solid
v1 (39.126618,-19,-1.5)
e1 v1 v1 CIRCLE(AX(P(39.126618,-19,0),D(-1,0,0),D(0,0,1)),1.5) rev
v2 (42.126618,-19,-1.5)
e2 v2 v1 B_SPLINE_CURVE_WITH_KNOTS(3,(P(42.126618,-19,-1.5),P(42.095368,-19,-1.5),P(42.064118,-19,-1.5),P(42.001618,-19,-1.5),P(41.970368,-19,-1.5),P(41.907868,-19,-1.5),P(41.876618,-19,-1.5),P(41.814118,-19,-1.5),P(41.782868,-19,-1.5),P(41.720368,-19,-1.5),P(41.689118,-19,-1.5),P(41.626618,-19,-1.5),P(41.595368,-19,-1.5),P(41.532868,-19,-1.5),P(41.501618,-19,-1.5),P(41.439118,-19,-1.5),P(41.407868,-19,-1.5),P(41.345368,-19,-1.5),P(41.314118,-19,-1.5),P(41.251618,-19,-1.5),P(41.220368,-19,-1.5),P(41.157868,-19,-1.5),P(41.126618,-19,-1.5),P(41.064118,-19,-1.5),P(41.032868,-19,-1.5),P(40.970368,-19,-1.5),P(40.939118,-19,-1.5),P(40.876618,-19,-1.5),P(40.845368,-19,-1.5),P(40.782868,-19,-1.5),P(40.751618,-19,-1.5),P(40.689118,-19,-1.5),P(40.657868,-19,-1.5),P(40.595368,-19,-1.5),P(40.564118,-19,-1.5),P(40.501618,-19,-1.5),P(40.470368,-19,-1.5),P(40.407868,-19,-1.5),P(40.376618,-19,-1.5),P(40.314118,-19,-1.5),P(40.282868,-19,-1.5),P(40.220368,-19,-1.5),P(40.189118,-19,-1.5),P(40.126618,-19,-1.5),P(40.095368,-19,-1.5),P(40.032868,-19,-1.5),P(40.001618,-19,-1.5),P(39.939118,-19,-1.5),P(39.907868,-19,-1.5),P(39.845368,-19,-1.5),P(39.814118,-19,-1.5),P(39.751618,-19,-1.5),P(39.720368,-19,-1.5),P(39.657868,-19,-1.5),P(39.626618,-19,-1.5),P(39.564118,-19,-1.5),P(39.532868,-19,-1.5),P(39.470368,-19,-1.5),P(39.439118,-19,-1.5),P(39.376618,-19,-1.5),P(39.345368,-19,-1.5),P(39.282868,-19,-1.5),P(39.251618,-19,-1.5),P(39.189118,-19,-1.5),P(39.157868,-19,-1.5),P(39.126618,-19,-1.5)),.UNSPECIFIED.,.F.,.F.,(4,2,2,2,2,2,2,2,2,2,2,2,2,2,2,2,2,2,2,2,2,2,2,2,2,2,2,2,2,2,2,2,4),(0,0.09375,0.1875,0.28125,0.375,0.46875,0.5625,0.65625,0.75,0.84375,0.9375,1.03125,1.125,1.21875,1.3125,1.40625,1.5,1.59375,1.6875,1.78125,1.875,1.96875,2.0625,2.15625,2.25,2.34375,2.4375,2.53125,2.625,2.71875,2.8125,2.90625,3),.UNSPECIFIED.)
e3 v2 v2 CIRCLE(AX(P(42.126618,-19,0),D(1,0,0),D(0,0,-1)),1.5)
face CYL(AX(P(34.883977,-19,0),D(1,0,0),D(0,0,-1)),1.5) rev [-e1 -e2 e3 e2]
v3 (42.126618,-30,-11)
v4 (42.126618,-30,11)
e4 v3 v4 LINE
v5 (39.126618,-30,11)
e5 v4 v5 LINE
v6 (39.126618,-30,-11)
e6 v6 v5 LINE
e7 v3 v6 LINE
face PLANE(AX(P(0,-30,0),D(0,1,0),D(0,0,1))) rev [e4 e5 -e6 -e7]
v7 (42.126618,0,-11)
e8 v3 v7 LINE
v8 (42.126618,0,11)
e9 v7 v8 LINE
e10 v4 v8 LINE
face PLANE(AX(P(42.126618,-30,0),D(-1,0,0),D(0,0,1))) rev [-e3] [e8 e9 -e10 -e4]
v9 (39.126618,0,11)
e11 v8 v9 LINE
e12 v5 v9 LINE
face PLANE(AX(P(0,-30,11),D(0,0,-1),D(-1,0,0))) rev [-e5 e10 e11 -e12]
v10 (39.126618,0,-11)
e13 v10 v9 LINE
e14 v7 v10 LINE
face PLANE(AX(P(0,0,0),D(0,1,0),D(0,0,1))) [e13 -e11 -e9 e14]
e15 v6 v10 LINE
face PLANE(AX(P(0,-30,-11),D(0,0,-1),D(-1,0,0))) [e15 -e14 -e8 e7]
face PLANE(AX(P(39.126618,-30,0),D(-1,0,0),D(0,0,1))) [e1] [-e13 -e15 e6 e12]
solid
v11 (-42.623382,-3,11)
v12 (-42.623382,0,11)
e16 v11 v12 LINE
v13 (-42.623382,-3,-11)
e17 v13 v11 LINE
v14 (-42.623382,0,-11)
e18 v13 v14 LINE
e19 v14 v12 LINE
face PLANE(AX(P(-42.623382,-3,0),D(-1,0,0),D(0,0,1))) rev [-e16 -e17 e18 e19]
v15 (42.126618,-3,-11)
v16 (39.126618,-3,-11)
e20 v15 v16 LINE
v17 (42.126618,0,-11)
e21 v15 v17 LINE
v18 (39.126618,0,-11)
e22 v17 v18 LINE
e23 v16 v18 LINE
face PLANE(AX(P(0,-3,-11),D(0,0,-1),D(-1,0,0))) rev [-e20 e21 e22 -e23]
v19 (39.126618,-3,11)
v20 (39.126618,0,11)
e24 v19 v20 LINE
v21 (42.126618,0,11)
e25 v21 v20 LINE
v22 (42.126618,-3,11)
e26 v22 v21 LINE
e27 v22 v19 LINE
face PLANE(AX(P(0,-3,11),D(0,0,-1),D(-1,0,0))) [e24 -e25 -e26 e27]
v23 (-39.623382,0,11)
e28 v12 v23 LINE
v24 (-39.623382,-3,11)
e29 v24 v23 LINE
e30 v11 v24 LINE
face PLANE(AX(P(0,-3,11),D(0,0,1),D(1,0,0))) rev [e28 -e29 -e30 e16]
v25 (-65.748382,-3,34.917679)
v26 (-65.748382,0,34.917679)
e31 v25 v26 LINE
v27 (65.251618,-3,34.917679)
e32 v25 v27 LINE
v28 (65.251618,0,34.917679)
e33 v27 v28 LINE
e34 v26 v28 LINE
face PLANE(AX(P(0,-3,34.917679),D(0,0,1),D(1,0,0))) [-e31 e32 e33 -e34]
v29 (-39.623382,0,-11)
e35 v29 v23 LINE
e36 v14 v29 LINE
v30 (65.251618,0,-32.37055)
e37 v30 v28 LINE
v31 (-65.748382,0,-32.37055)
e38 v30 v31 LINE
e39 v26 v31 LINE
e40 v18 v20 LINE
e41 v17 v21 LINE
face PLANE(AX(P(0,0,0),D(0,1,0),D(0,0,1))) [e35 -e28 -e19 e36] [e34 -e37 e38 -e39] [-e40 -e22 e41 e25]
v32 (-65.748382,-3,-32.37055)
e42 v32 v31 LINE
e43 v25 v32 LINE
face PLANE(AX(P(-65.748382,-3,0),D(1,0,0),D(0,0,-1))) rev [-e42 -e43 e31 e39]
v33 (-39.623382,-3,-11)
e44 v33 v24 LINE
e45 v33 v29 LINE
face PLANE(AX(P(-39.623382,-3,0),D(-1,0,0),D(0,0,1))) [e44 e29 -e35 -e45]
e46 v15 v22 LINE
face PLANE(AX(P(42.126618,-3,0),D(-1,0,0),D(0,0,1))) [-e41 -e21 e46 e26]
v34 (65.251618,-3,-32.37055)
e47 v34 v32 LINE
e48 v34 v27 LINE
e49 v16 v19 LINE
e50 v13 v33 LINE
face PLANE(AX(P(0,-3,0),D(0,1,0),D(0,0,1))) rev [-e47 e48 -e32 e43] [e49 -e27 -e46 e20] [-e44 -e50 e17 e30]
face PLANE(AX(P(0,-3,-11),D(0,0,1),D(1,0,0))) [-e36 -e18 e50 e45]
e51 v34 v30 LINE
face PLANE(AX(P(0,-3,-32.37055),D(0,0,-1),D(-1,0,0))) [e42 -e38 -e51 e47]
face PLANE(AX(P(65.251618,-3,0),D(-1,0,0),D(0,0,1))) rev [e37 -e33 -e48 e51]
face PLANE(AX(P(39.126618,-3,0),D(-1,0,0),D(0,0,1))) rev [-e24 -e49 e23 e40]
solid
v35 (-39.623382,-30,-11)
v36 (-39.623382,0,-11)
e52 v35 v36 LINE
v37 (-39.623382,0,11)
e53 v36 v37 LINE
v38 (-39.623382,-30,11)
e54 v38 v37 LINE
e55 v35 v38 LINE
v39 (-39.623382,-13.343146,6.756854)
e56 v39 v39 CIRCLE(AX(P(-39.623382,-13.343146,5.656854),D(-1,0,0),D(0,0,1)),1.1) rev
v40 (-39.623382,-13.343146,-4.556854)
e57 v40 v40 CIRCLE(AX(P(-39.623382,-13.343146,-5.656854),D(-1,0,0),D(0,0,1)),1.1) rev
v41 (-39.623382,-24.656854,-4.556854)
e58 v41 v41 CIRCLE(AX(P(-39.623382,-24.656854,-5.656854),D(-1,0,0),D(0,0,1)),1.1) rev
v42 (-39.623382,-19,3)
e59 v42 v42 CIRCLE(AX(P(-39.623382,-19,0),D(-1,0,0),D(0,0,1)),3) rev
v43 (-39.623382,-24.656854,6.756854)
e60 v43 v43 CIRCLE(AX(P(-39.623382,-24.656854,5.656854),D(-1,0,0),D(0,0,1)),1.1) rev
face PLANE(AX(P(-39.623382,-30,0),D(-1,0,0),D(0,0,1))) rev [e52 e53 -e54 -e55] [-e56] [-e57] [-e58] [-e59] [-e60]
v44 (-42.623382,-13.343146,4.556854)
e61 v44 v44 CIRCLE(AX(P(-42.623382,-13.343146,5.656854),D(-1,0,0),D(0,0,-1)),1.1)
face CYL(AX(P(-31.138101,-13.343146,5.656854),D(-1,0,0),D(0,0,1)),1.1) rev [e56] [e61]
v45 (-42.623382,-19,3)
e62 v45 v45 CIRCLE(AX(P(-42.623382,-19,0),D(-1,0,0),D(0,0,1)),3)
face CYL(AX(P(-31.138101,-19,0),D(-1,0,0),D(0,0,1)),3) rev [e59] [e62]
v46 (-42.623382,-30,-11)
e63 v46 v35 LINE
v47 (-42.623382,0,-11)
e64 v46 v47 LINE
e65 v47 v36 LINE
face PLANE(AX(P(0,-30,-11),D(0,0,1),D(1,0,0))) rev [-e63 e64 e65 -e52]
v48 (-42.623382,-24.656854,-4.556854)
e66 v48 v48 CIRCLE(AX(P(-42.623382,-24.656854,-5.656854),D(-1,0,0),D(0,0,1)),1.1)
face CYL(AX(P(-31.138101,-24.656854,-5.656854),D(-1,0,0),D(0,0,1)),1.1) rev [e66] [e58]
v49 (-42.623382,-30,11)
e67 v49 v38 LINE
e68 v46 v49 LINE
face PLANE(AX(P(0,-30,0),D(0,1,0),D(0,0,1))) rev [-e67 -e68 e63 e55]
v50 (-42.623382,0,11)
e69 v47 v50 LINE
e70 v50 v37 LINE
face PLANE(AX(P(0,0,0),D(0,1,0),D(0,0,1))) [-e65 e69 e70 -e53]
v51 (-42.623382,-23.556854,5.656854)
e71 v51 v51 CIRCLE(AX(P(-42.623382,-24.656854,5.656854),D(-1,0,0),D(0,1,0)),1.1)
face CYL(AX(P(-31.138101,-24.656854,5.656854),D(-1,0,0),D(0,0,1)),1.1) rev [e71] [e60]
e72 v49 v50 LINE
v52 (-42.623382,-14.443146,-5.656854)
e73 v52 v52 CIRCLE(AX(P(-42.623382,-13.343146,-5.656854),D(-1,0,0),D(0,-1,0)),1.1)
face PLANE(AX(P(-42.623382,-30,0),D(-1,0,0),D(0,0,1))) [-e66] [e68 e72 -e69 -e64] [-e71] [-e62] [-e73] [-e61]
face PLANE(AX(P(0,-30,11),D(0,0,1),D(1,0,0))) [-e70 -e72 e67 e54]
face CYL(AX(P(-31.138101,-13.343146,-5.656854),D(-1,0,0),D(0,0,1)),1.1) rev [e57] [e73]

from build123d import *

# Parameters (mm, degrees)
SKETCH1_W             = 3
SKETCH1_H             = 22
BOSS_EXTRUDE1_DEPTH   = 3
SKETCH1_3_W           = 3
SKETCH1_3_H           = 22
BOSS_EXTRUDE2_DEPTH   = 30
BOSS_EXTRUDE2_2_DEPTH = 30
SKETCH2_R             = 3
SKETCH2_R_2           = 1.1
CUT_EXTRUDE1_DEPTH    = 3
SKETCH3_R             = 1.5
CUT_EXTRUDE2_DEPTH    = 3
CIRPATTERN1_COUNT     = 4


with BuildPart() as part:
    # Sketch1 → Boss-Extrude1 (new body)
    with BuildSketch(Plane(origin=(0, 0, 0), x_dir=(1, 0, 0), z_dir=(0, 1, 0))):
        Polygon((-65.748381877, 32.370550162), (-65.748381877, 19.870550162), (-65.748381877, -22.417679095), (-65.748381877, -34.917679095), (65.251618123, -34.917679095), (65.251618123, -22.417679095), (65.251618123, 17.582320905), (65.251618123, 32.370550162), align=None)
        with Locations((-41.123381877, 0)):
            Rectangle(SKETCH1_W, SKETCH1_H, mode=Mode.SUBTRACT)
        with Locations((40.626618123, 0)):
            Rectangle(SKETCH1_W, SKETCH1_H, mode=Mode.SUBTRACT)
    extrude(amount=-BOSS_EXTRUDE1_DEPTH)


with BuildPart() as body_2:
    # Sketch1<3> → Boss-Extrude2 (new body)
    with BuildSketch(Plane(origin=(0, 0, 0), x_dir=(1, 0, 0), z_dir=(0, 1, 0))):
        with Locations((-41.123381877, 0)):
            Rectangle(SKETCH1_3_W, SKETCH1_3_H)
    extrude(amount=-BOSS_EXTRUDE2_DEPTH)

    # Sketch2 → Cut-Extrude1 (cut)
    with BuildSketch(Plane.ZY.offset(42.623381877)):
        with Locations((0, -19)):
            Circle(SKETCH2_R)
        with Locations((-5.656854249, -24.656854249)):
            Circle(SKETCH2_R_2)
    cut_extrude1 = extrude(amount=-CUT_EXTRUDE1_DEPTH, mode=Mode.SUBTRACT)

    # CirPattern1: Cut-Extrude1 ×4 about axis
    cirpattern1_axis = Axis((0, -19, 0), (1, 0, 0))
    for i in range(1, CIRPATTERN1_COUNT):
        add(cut_extrude1.rotate(cirpattern1_axis, i * 360 / CIRPATTERN1_COUNT), mode=Mode.SUBTRACT)


with BuildPart() as body_3:
    # Sketch1<3> → Boss-Extrude2 2 (new body)
    with BuildSketch(Plane(origin=(0, 0, 0), x_dir=(1, 0, 0), z_dir=(0, 1, 0))):
        with Locations((40.626618123, 0)):
            Rectangle(SKETCH1_3_W, SKETCH1_3_H)
    extrude(amount=-BOSS_EXTRUDE2_2_DEPTH)

    # Sketch3 → Cut-Extrude2 (cut)
    with BuildSketch(Plane(origin=(42.126618123, 0, 0), x_dir=(0, 0, -1), z_dir=(1, 0, 0))):
        with Locations((0, -19)):
            Circle(SKETCH3_R)
    extrude(amount=-CUT_EXTRUDE2_DEPTH, mode=Mode.SUBTRACT)


solid = Compound([part.part, body_2.part, body_3.part])
